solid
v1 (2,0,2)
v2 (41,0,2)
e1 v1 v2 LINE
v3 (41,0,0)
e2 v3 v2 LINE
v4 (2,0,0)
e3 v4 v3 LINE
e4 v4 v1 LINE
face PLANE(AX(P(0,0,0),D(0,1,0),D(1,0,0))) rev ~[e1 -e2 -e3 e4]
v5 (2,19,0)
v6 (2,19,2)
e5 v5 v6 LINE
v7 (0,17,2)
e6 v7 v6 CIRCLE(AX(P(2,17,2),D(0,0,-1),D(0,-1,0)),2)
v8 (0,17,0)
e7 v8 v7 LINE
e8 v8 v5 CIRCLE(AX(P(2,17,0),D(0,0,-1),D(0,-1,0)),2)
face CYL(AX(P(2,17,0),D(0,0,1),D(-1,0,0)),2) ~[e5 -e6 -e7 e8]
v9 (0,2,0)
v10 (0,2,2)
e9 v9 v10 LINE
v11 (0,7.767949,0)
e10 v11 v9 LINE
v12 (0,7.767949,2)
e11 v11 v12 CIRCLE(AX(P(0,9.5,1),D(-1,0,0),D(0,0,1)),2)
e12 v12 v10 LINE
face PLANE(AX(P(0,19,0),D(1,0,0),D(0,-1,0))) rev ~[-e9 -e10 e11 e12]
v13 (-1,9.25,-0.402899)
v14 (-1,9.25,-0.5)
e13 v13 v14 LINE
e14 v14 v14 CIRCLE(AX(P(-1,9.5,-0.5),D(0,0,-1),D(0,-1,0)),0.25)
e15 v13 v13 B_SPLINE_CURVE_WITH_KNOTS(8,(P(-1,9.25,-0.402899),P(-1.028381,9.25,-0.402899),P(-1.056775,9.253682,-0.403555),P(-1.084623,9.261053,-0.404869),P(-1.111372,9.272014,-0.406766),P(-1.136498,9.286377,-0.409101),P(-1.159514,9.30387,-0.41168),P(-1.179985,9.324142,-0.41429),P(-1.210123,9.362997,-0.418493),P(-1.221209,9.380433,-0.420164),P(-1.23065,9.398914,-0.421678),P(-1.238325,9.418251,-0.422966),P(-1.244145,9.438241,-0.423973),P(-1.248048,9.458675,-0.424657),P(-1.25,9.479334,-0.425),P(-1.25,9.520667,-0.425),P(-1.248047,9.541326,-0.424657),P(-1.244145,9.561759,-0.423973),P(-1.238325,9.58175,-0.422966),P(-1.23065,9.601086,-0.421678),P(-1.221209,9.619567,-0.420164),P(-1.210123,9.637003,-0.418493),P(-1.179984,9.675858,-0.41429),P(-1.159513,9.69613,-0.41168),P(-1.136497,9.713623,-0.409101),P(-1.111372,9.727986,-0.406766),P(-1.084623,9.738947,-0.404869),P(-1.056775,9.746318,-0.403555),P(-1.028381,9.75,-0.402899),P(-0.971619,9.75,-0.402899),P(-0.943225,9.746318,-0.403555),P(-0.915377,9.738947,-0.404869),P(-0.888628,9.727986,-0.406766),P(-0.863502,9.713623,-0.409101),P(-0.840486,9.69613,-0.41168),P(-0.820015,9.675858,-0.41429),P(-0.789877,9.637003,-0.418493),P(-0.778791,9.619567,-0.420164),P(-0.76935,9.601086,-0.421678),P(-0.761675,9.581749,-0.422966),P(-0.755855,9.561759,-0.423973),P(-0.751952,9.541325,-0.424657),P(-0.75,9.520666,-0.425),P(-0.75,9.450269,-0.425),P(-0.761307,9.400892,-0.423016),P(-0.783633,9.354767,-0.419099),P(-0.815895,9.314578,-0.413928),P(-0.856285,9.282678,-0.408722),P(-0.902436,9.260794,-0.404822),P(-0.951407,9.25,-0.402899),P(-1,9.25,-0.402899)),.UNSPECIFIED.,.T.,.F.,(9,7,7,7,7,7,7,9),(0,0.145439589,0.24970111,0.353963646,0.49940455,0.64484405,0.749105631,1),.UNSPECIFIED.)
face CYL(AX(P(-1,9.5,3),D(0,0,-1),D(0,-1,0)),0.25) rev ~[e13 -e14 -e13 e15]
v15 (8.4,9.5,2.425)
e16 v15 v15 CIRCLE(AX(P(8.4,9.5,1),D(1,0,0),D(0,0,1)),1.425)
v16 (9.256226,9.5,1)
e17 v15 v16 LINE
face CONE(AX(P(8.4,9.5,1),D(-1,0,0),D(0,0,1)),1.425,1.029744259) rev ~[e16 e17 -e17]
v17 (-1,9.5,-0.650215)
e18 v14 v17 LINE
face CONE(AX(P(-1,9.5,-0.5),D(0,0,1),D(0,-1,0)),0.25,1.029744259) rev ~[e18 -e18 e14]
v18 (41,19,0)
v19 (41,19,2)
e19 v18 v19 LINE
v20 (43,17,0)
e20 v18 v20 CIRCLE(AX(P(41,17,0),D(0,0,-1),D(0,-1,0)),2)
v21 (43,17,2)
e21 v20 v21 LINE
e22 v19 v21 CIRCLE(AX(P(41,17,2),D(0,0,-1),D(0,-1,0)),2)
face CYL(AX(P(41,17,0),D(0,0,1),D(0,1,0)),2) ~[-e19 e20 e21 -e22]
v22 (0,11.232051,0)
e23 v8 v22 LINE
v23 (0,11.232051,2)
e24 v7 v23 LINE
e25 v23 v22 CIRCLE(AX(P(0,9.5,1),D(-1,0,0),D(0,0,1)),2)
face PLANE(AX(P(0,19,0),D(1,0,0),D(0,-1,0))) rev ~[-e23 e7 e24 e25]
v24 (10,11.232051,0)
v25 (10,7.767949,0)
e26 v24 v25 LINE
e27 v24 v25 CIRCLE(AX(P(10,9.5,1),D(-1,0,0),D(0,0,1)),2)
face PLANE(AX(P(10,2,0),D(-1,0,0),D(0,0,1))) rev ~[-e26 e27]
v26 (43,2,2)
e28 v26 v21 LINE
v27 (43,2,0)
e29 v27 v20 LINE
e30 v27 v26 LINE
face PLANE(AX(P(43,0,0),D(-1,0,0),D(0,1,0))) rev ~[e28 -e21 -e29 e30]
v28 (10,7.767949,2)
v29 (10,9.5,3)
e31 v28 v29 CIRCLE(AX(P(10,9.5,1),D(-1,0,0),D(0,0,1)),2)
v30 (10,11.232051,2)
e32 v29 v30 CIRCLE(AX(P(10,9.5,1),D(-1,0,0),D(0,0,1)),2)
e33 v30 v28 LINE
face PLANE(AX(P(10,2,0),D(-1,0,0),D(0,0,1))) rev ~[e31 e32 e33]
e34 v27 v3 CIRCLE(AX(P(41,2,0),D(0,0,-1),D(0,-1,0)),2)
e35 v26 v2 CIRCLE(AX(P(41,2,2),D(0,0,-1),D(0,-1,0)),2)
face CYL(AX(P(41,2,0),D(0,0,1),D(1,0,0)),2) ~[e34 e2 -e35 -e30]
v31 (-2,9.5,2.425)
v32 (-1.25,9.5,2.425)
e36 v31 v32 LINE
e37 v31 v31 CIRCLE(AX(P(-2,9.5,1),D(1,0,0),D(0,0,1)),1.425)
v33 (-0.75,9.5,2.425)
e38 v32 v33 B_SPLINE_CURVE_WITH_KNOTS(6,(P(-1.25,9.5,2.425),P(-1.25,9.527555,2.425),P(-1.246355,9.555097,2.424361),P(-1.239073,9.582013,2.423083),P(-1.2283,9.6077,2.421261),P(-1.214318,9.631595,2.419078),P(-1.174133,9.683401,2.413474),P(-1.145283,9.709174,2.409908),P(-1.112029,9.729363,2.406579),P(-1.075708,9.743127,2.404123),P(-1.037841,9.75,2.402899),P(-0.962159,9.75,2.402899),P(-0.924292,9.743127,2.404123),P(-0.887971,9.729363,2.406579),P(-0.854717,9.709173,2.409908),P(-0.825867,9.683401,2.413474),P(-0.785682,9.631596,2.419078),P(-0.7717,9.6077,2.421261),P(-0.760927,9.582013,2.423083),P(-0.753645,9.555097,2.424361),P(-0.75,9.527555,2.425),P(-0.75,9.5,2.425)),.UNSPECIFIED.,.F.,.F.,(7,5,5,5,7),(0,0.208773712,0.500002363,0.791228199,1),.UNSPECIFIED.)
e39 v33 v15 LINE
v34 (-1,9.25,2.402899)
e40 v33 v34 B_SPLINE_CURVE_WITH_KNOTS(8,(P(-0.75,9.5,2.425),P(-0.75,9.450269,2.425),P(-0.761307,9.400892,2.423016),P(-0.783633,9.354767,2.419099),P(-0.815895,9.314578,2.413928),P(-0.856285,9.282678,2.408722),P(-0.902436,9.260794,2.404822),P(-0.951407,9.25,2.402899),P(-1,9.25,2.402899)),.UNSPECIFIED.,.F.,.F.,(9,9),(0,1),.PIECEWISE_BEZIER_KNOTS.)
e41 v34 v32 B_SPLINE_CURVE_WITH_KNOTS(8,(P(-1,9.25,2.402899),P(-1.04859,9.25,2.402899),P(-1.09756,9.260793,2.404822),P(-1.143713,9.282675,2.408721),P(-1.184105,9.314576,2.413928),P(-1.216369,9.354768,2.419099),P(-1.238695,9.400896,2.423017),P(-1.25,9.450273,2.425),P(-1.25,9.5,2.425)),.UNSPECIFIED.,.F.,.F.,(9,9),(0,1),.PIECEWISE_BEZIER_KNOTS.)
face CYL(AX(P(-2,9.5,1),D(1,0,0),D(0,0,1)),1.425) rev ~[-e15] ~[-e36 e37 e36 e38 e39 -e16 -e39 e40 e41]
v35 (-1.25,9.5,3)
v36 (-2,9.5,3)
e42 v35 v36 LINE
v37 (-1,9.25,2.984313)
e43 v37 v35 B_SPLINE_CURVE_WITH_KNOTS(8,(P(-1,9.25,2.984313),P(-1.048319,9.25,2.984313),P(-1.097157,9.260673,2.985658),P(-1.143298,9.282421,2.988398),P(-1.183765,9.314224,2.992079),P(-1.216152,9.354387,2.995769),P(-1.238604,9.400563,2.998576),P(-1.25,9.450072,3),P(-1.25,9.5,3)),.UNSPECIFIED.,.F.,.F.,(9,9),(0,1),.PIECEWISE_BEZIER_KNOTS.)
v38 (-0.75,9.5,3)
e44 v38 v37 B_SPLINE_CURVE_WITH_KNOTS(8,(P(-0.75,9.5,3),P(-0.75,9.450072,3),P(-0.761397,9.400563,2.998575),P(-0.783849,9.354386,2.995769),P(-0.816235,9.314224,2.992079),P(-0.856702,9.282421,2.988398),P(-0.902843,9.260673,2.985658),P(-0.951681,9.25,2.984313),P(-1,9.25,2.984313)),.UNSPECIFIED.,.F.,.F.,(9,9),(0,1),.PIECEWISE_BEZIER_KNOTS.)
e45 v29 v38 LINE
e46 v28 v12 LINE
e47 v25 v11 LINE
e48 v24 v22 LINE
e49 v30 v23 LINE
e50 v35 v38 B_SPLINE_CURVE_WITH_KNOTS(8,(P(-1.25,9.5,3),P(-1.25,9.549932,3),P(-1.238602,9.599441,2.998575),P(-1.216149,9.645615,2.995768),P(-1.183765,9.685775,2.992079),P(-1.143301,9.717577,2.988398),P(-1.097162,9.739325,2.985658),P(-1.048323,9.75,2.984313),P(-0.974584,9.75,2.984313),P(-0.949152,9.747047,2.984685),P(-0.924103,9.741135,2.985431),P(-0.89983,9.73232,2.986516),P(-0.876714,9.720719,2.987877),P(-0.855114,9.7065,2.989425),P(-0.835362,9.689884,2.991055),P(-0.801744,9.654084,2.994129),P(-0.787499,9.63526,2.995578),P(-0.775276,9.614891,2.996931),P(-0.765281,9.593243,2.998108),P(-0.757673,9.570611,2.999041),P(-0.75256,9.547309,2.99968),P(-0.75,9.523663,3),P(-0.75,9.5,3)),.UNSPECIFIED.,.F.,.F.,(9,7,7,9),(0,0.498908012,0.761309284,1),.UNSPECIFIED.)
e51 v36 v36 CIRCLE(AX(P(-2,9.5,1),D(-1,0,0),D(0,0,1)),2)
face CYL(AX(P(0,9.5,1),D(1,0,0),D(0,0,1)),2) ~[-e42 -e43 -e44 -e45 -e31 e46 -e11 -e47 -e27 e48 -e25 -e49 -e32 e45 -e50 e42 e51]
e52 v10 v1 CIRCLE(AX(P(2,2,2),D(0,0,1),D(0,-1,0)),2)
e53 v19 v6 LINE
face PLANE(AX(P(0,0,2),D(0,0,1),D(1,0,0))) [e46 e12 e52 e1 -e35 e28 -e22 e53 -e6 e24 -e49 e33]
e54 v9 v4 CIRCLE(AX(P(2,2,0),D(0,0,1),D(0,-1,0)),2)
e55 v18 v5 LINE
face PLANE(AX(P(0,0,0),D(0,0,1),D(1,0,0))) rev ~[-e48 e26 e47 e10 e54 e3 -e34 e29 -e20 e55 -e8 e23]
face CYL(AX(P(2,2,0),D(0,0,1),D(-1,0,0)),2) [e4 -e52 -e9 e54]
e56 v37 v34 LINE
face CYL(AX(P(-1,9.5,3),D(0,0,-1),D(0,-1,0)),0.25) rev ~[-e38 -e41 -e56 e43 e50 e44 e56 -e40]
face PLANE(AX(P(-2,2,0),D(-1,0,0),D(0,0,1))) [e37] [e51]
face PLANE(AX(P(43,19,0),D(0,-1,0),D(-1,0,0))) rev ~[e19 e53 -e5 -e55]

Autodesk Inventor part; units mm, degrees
ref_plane "YZ Plane" through (0, 0, 0) normal (1, 0, 0) x (0, 1, 0)
ref_plane "XZ Plane" through (0, 0, 0) normal (0, 1, 0) x (-1, 0, 0)
sketch "Sketch1" plane through (0, 0, 0) normal (0, 0, 1) x (1, 0, 0)
  line L0 (0, 0) -> (43, 0)
  line L1 (43, 0) -> (43, 19)
  line L2 (43, 19) -> (0, 19)
  line L3 (0, 19) -> (0, 0)
  dimension "d0" = 43
extrude "Extrusion1" add sketch "Sketch1" along normal blind 2
fillet "Fillet1" radius 2 4 edges at (43, 19, 1) (43, 0, 1) (0, 19, 1) (0, 0, 1)
sketch "Sketch3" plane through (0, 2, 0) normal (-1, 0, 0) x (0, 0, 1)
  line L0 (2, 0) -> (0, 0) construction
  line L1 (2, 15) -> (2, 0) construction
  line L2 (0, 0) -> (2, 15) construction
  line L3 (0, 15) -> (2, 0) construction
  circle A0 centre (1, 7.5) radius 2
  point P0 (0, -2)
  dimension "d4" = 4
extrude "Extrusion2" add sketch "Sketch3" along normal blind 2 and the other way blind 10
sketch "Sketch4" plane through (-2, 9.5, 1) normal (-1, 0, 0) x (0, 0, 1)
  point P0 (-1, -9.5)
  point P1 (0, 0)
hole "Hole1" at (-2, 9.5, 1) direction (1, 0, 0) diameter 2.85 depth 10.4 tip angle 118 thread size "M3.5x0.6" class "6H" standard "ANSI Metric M Profile"
ref_plane "Work Plane2" through (0, 0, 3) normal (0, 0, 1) x (1, 0, 0)
ref_plane "Work Plane1" through (0, 0, 1) normal (0, 0, 1) x (1, 0, 0)
sketch "Sketch6" plane through (0, 0, 3) normal (0, 0, 1) x (1, 0, 0)
  line L0 (-2, 11.5) -> (-2, 7.5) construction
  line L1 (0, 7.5) -> (0, 7.7679) construction
  line L2 (-2, 11.5) -> (0, 7.5) construction
  line L3 (0, 7.5) -> (-2, 7.5) construction
  line L4 (-2, 7.5) -> (0, 11.5) construction
  line L5 (0, 11.5) -> (-2, 11.5) construction
  point P0 (0, 0)
  point P1 (-1, 9.5)
hole "Hole2" at (-1, 9.5, 3) direction (0, 0, -1) diameter 0.5 depth 3.5 tip angle 118
properties part number "UntererRührer"
